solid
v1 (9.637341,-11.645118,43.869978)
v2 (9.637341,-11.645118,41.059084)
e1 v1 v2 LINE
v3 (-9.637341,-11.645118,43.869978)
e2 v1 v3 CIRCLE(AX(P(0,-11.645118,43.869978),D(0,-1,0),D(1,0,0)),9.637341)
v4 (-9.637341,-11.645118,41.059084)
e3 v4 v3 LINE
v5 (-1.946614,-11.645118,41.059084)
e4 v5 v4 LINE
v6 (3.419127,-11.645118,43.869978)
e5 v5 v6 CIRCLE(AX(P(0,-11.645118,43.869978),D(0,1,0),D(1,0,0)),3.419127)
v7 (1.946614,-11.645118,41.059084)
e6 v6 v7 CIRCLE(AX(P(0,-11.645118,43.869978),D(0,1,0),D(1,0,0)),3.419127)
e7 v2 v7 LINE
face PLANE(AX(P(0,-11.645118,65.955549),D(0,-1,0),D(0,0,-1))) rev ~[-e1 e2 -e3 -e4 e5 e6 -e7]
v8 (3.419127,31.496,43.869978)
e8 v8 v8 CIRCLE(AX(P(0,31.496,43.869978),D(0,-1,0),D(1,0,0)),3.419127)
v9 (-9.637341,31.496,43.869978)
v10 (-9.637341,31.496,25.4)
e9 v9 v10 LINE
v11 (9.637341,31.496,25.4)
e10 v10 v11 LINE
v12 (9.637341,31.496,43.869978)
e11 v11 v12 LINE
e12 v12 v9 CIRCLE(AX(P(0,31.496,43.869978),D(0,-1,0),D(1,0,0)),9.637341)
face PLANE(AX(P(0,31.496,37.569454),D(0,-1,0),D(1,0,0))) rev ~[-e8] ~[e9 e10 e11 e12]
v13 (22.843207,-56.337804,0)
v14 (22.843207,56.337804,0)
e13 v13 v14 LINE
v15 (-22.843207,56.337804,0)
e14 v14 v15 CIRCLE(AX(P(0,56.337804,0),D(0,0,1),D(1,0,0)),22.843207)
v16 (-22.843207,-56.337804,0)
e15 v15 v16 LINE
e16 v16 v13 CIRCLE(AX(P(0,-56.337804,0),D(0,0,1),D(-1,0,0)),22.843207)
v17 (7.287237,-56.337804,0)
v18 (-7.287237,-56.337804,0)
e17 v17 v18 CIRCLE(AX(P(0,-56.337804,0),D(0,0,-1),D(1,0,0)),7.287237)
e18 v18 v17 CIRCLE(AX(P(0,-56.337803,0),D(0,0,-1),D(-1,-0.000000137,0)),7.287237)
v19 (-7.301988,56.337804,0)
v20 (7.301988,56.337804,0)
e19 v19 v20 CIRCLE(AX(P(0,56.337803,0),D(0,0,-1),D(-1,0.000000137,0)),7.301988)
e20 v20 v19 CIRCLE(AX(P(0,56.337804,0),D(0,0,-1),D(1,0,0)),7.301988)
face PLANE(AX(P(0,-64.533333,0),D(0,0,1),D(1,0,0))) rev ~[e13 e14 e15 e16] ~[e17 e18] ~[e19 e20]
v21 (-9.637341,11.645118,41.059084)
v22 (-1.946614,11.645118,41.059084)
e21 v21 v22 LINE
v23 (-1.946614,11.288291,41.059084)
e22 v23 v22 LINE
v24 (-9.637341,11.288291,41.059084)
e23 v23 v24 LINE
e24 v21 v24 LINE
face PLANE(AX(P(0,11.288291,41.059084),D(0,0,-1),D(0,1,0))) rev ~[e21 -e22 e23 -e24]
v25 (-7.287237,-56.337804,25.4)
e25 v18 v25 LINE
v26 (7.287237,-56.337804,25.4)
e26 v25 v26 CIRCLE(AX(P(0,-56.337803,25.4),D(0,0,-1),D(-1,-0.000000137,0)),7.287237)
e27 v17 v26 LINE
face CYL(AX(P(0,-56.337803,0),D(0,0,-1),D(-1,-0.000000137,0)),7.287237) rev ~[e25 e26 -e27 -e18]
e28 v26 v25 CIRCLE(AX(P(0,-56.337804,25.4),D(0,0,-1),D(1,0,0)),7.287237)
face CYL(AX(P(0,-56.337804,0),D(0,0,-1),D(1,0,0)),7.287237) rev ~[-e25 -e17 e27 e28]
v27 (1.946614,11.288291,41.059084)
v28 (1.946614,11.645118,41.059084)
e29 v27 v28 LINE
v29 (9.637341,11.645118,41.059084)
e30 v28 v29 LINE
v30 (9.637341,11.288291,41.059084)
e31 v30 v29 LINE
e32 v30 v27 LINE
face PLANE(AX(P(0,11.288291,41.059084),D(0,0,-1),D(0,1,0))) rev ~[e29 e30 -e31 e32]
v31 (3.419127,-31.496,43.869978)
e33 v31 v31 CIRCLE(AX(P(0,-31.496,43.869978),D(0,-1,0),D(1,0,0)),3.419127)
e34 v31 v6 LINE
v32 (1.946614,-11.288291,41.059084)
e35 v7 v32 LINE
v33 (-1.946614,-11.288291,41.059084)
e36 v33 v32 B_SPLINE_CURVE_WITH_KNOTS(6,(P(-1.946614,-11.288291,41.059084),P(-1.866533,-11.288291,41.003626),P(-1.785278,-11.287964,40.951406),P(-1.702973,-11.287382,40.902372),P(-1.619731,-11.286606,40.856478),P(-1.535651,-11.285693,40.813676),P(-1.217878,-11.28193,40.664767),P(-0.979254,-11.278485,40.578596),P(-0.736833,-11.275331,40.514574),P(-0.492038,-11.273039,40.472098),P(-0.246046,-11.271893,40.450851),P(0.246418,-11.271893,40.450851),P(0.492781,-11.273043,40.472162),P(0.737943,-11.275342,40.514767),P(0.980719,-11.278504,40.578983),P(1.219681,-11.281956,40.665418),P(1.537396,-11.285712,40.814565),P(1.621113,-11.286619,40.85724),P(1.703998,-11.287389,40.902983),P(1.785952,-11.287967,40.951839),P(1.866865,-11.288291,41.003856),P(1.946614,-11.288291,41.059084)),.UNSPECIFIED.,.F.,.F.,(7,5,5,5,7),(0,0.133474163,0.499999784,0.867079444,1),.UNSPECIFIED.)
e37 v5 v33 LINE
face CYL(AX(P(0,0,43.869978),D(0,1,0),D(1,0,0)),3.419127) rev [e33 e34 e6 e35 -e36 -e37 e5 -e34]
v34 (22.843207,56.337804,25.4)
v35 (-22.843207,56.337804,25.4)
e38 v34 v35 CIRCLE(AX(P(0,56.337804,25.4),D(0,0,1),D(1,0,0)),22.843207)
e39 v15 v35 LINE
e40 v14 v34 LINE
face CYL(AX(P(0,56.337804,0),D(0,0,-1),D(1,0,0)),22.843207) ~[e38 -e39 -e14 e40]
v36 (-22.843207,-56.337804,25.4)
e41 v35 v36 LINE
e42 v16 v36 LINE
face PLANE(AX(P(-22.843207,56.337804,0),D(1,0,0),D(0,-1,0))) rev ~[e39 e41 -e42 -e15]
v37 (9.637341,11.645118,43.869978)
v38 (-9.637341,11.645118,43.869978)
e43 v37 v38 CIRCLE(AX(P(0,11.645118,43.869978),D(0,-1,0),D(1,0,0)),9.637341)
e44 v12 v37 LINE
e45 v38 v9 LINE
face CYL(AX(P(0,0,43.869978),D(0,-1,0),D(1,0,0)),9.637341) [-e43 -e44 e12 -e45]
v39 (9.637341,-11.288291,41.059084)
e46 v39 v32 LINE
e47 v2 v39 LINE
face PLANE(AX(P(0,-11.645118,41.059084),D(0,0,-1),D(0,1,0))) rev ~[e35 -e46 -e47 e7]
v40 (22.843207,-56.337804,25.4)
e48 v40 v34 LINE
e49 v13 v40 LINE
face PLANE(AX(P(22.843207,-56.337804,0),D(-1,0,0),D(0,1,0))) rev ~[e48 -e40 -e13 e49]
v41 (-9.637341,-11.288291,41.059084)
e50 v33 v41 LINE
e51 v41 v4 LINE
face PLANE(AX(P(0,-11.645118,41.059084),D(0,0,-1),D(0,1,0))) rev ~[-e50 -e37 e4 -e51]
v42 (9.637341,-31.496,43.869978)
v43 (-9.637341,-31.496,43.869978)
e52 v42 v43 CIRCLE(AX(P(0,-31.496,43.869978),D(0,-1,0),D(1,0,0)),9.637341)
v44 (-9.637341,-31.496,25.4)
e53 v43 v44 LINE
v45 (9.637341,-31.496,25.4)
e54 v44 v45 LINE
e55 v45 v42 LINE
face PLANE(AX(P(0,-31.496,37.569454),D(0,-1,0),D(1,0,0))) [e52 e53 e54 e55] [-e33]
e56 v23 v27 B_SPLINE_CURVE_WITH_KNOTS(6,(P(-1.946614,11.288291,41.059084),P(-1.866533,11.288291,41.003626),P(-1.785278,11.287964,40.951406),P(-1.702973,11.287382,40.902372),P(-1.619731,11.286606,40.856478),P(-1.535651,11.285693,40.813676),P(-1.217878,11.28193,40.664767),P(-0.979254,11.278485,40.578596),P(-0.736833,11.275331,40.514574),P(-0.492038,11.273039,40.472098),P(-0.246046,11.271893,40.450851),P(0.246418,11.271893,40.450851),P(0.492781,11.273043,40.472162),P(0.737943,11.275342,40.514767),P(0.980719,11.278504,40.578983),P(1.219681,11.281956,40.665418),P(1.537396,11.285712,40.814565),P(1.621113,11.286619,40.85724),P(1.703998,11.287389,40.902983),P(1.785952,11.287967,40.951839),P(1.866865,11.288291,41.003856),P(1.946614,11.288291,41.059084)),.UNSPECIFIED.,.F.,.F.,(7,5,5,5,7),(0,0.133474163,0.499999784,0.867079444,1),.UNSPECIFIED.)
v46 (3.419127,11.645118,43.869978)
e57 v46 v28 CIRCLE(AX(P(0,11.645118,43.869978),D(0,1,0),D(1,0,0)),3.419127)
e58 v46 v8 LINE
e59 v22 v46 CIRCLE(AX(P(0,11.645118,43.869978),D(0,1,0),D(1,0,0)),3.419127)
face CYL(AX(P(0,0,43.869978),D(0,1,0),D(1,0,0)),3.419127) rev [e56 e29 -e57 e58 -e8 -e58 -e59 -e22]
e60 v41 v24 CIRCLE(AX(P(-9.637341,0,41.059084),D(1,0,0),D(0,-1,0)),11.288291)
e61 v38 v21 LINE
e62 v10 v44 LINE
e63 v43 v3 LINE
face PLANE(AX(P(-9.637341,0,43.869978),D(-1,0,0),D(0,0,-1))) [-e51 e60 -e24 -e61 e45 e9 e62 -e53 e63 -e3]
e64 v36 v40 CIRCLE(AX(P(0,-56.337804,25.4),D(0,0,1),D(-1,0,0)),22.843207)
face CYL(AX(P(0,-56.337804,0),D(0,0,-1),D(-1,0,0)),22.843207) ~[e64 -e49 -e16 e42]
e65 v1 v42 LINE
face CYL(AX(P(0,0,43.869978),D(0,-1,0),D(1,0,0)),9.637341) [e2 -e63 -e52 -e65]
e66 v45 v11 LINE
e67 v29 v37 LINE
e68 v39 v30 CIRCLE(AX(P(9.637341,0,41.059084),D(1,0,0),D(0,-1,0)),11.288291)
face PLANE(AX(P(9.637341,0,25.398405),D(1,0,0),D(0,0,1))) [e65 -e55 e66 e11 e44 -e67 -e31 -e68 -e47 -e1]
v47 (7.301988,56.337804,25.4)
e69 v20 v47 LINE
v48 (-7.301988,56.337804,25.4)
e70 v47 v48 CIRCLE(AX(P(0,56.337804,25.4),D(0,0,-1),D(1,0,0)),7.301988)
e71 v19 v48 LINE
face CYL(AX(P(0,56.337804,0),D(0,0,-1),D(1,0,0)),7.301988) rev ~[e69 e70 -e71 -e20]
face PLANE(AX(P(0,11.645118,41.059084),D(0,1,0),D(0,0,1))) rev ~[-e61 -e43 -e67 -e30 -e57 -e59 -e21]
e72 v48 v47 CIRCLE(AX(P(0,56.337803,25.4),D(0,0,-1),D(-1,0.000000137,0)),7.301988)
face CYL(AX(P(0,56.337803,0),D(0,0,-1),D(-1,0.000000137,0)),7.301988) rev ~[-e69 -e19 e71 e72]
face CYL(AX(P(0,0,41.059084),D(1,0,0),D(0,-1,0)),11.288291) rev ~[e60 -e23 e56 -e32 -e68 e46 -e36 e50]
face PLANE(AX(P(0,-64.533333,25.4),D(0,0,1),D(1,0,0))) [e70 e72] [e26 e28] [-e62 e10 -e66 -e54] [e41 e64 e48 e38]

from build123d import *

# Parameters (mm, degrees)
F1_DEPTH = 25.4
F2_R     = 3.419127
F3_DEPTH = 31.496
F5_DEPTH = 36.322


with BuildPart() as f1:
    # F0 (on Top) → F1 (new body)
    with BuildSketch(Plane.XY):
        with BuildLine():
            ThreePointArc((-22.843207, -56.337804), (0, -79.181011), (22.843207, -56.337804))
            Line((22.843207, -56.337804), (7.287237, -56.337804))
            ThreePointArc((7.287237, -56.337804), (0, -63.625041), (-7.287237, -56.337804))
            Line((-7.287237, -56.337804), (-22.843207, -56.337804))
        make_face()
        with BuildLine():
            Line((7.287237, -56.337804), (22.843207, -56.337804))
            Line((22.843207, -56.337804), (22.843207, 56.337804))
            Line((22.843207, 56.337804), (7.301988, 56.337804))
            ThreePointArc((7.301988, 56.337804), (0, 49.035816), (-7.301988, 56.337804))
            Line((-7.301988, 56.337804), (-22.843207, 56.337804))
            Line((-22.843207, 56.337804), (-22.843207, -56.337804))
            Line((-22.843207, -56.337804), (-7.287237, -56.337804))
            ThreePointArc((-7.287237, -56.337804), (0, -49.050566), (7.287237, -56.337804))
        make_face()
        with BuildLine():
            Line((7.301988, 56.337804), (22.843207, 56.337804))
            ThreePointArc((22.843207, 56.337804), (0, 79.181011), (-22.843207, 56.337804))
            Line((-22.843207, 56.337804), (-7.301988, 56.337804))
            ThreePointArc((-7.301988, 56.337804), (0, 63.639791), (7.301988, 56.337804))
        make_face()
    extrude(amount=F1_DEPTH)

    # F2 (on Front) → F3 (join, symmetric)
    with BuildSketch(Plane.XZ):
        with BuildLine():
            Line((-9.637341, 25.398405), (9.637341, 25.398405))
            Line((9.637341, 25.398405), (9.637341, 43.869978))
            ThreePointArc((9.637341, 43.869978), (0, 53.507319), (-9.637341, 43.869978))
            Line((-9.637341, 43.869978), (-9.637341, 25.398405))
        make_face()
        with Locations((0, 43.869978)):
            Circle(F2_R, mode=Mode.SUBTRACT)
    extrude(amount=F3_DEPTH, both=True)

    # F4 (on Right) → F5 (cut, symmetric)
    with BuildSketch(Plane.YZ):
        with BuildLine():
            Line((11.288291, 41.059084), (11.645118, 41.059084))
            Line((11.645118, 41.059084), (11.645118, 65.955549))
            Line((11.645118, 65.955549), (-11.645118, 65.955549))
            Line((-11.645118, 65.955549), (-11.645118, 41.059084))
            Line((-11.645118, 41.059084), (-11.288291, 41.059084))
            ThreePointArc((-11.288291, 41.059084), (0, 29.770793), (11.288291, 41.059084))
        make_face()
    extrude(amount=F5_DEPTH, both=True, mode=Mode.SUBTRACT)


solid = f1.part
